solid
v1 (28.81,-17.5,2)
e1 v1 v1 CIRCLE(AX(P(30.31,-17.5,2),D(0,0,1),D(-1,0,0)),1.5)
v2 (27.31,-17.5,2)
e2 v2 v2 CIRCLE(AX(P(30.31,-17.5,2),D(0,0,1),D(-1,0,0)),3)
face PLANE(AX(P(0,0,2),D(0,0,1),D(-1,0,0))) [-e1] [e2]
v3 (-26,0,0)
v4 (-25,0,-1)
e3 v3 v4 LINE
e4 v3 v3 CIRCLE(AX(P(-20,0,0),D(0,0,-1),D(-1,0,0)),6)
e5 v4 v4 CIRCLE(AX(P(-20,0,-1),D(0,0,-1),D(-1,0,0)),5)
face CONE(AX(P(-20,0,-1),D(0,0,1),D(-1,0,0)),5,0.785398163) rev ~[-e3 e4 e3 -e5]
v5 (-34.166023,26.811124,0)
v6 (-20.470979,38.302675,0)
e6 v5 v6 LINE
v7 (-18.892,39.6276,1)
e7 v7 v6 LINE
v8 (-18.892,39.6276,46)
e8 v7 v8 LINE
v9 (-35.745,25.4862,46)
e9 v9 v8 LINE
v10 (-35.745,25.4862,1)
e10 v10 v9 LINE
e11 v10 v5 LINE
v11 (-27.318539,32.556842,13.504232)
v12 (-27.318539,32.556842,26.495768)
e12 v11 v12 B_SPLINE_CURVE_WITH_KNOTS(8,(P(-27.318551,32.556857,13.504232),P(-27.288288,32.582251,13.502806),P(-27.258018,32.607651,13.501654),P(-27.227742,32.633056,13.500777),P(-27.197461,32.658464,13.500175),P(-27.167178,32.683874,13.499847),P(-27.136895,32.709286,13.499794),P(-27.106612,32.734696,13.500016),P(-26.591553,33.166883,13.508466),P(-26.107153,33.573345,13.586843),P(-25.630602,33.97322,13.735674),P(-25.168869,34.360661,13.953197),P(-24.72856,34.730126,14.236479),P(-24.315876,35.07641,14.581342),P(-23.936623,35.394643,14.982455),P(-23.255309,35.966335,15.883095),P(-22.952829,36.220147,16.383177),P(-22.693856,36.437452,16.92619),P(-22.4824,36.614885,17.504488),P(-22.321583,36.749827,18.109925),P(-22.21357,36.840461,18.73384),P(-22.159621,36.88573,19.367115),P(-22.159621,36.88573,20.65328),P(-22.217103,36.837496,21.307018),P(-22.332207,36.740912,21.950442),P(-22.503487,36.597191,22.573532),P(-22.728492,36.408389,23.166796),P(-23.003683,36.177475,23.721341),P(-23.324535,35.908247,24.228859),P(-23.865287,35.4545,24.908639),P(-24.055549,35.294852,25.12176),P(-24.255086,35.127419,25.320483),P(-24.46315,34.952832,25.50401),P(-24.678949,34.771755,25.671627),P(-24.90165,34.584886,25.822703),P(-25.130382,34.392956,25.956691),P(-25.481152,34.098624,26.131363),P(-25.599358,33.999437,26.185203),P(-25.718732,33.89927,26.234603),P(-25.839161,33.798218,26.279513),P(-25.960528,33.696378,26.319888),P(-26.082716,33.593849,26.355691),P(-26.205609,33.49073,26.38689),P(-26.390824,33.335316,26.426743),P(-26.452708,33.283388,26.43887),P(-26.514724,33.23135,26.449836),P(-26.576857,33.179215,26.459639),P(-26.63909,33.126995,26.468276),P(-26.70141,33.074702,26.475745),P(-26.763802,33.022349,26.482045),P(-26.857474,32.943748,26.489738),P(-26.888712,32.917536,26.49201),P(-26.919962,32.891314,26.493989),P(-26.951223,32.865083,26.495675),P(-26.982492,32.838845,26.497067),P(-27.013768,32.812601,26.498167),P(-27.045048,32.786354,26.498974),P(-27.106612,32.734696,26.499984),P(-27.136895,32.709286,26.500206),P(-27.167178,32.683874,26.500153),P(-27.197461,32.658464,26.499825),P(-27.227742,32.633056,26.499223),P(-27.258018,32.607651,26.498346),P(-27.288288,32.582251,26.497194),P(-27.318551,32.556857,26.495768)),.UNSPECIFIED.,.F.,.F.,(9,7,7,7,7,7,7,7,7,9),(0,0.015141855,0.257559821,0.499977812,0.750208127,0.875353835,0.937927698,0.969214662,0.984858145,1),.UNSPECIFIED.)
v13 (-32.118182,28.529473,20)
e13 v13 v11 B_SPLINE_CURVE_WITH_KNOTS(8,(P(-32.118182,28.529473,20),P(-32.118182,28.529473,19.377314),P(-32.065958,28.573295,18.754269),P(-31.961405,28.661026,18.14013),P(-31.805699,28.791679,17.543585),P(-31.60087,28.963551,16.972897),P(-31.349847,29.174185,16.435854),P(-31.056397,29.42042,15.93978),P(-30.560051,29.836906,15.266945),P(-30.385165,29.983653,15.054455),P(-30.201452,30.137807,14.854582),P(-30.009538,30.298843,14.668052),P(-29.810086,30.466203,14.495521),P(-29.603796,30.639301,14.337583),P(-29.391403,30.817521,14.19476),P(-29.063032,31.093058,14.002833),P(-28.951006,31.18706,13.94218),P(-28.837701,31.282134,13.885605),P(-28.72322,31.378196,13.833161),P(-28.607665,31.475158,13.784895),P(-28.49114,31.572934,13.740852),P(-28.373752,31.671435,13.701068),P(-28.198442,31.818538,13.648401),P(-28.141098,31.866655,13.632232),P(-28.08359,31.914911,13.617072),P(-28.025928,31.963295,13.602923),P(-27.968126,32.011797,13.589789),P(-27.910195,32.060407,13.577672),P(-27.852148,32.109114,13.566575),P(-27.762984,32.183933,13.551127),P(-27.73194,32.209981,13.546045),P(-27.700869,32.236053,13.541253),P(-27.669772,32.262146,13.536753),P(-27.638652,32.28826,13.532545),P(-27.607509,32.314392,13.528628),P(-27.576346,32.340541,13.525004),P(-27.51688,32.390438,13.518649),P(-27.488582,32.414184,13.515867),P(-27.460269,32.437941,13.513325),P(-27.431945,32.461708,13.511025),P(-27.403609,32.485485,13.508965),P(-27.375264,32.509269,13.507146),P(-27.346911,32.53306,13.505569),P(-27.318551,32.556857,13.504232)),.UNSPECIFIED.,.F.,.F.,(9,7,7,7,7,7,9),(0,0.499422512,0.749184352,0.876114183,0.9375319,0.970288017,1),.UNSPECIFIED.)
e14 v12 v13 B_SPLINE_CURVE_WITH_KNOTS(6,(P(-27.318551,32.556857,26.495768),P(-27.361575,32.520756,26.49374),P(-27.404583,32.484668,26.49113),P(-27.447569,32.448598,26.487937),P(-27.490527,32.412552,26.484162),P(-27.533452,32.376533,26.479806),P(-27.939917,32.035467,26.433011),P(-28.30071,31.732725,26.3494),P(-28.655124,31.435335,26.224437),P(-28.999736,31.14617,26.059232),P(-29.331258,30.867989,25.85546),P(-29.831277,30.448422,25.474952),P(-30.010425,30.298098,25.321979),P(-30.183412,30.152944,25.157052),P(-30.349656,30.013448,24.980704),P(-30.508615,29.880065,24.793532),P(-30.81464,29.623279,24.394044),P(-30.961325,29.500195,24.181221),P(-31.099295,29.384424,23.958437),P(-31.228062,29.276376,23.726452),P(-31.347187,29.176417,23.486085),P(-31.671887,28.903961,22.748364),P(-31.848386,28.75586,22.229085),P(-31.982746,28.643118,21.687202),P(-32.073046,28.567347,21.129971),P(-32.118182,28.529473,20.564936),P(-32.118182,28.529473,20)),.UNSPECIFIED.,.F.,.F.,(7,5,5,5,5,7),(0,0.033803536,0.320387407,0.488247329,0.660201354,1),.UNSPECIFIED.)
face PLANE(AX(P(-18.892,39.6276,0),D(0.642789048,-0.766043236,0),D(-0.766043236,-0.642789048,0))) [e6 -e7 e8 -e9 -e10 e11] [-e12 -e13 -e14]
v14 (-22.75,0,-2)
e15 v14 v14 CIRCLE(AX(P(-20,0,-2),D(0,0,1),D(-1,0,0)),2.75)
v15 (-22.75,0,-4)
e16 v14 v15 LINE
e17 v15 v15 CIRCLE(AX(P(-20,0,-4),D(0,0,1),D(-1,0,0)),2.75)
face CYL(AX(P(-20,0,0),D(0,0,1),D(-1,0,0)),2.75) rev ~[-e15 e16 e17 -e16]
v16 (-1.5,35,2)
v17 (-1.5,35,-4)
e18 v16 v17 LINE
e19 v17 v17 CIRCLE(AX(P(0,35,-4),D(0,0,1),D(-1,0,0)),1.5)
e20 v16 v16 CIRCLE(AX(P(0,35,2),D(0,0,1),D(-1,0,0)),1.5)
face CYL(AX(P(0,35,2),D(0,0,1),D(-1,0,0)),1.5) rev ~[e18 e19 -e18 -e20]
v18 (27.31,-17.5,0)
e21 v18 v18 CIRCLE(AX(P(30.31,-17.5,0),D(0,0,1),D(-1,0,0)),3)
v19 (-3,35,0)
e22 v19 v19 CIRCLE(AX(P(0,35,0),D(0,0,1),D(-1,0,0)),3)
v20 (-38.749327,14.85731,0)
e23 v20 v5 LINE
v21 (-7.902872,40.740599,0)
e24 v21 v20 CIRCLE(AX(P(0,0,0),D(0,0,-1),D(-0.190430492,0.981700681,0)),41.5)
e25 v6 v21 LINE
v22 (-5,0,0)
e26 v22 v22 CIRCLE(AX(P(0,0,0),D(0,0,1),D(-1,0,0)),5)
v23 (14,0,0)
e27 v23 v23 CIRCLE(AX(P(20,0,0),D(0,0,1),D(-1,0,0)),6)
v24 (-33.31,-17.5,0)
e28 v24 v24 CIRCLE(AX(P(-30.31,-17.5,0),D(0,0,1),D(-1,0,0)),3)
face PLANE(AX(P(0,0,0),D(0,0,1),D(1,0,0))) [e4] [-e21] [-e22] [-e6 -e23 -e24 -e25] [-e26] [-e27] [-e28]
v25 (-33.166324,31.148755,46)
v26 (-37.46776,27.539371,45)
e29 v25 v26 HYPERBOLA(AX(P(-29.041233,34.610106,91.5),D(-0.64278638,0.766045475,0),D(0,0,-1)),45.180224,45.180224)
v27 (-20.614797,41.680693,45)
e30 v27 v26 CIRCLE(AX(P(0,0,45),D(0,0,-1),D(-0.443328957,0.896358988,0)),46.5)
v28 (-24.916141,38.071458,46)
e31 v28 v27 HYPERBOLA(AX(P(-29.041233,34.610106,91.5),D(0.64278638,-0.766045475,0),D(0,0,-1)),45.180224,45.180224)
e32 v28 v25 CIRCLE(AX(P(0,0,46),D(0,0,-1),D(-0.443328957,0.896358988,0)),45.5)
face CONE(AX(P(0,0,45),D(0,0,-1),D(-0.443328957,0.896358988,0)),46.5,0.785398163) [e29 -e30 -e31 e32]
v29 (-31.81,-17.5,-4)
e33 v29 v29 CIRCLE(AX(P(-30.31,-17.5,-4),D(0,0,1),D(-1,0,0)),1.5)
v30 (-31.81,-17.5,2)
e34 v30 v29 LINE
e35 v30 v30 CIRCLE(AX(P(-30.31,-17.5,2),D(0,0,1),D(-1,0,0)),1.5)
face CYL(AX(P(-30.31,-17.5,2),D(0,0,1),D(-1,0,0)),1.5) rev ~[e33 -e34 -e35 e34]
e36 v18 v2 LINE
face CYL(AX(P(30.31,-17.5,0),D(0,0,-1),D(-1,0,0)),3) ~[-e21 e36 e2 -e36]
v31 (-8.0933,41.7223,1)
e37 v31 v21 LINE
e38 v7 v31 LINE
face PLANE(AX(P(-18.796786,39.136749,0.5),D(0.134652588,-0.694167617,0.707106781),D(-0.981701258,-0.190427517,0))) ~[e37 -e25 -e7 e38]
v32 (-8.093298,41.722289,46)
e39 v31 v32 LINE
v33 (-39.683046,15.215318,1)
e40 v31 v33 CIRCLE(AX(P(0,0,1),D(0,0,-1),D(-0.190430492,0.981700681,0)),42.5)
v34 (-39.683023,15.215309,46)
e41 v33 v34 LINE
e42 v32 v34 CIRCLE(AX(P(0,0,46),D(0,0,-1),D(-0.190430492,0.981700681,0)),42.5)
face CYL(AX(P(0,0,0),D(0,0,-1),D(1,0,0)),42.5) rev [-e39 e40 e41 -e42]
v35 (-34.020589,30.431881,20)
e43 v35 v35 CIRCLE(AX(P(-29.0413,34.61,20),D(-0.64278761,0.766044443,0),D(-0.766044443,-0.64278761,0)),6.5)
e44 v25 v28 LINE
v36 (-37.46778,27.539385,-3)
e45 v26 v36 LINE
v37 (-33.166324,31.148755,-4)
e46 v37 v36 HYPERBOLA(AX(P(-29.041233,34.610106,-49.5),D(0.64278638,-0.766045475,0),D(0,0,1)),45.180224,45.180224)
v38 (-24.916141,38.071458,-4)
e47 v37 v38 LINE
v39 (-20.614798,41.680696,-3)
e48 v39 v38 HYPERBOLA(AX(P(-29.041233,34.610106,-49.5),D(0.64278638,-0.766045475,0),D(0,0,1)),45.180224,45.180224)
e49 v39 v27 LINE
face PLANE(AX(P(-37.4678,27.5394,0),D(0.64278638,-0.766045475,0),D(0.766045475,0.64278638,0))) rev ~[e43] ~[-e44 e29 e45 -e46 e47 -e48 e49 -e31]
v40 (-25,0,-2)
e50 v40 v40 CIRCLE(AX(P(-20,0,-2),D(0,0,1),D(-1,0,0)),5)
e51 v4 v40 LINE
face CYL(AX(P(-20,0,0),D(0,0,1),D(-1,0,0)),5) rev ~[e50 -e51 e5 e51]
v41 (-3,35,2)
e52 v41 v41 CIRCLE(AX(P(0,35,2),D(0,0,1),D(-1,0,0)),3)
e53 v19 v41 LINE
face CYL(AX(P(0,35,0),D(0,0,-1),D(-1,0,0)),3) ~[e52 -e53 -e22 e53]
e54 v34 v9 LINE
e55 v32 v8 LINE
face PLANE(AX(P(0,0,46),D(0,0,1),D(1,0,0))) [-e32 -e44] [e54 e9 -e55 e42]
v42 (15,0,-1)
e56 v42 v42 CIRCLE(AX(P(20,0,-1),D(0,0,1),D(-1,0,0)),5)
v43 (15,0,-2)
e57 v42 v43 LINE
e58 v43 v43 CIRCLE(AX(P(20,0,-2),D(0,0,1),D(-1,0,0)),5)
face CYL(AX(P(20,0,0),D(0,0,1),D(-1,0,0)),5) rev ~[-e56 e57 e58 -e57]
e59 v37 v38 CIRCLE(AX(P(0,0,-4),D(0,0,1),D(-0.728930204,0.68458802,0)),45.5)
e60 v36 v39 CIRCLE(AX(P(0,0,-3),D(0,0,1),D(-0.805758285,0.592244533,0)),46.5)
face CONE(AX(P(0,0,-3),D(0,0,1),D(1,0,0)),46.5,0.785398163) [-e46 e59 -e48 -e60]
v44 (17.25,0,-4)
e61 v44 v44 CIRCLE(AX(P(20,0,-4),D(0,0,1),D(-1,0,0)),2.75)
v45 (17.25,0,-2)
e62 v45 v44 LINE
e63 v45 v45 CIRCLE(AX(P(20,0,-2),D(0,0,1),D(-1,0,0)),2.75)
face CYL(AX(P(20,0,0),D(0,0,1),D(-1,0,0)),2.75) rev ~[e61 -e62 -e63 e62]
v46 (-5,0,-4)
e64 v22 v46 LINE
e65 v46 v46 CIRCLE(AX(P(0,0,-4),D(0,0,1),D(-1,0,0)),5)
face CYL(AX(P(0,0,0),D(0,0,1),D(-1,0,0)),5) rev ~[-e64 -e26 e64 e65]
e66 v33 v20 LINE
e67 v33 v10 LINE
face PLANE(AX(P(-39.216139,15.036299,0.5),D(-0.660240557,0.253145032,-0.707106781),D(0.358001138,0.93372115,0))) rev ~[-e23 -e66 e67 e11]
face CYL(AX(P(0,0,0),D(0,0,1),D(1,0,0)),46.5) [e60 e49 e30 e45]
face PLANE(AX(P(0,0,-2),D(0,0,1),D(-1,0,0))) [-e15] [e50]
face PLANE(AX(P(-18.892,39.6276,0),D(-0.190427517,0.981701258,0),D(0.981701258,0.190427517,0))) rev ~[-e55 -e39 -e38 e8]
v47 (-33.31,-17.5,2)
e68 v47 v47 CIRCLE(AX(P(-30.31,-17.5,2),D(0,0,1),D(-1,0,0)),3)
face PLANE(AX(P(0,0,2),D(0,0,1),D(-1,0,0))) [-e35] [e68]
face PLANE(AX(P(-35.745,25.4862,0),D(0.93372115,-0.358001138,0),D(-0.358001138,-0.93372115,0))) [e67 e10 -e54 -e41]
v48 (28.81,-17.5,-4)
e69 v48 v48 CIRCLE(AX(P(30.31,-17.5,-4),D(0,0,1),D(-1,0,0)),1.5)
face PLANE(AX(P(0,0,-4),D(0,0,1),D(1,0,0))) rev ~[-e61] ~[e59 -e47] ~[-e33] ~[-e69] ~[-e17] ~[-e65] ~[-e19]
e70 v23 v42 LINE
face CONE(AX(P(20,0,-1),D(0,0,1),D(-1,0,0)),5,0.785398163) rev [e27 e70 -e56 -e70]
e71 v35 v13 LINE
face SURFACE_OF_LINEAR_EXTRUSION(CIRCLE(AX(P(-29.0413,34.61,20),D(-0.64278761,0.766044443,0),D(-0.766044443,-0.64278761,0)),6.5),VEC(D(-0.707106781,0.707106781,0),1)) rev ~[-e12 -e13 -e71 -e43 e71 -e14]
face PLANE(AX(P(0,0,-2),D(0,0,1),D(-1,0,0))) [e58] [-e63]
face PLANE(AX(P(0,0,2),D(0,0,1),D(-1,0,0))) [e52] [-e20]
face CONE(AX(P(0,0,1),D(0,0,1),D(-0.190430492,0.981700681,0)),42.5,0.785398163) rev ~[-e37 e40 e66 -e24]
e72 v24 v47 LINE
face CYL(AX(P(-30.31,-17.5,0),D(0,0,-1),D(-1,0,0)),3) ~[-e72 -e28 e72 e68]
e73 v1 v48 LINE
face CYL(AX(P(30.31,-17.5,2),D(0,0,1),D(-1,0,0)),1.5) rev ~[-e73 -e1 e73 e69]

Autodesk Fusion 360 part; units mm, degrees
sketch "Sketch1" plane through (0, 0, 0) normal (0, 0, 1) x (1, 0, 0)
  circle A0 centre (0, 0) radius 42.5
  circle A1 centre (0, 0) radius 46.5
  dimension "d1" = 85
  dimension "d2" = 93
extrude "Extrude1" add sketch "Sketch1" along normal blind 46 makes body 1
extrude "Extrude2" add sketch "Sketch1" against normal blind 4 contours A0 | A1 bodies 1
ref_plane "WorkPlane1" through (0, 0, 46) normal (0, 0, 1) x (1, 0, 0)
sketch "Sketch3" plane through (0, 0, 46) normal (0, 0, 1) x (1, 0, 0)
  circle A0 centre (0, 0) radius 46.5
  circle A1 centre (0, 0) radius 42.5
  circle A2 centre (0, 0) radius 49
  circle A3 centre (0, 0) radius 40.5
  circle A4 centre (0, 0) radius 46.9
  dimension "d9" = 98
  dimension "d10" = 81
  dimension "d50" = 0.4
extrude "Extrude3" add sketch "Sketch3" along normal blind 4 separate body contours A0 | A1 | A2 | A4 makes body 2
extrude "Extrude4" add sketch "Sketch3" against normal blind 12 contours A2 bodies 2
chamfer "Chamfer1" distance 3 angle 45 1 edges at (-37.7593, 14.6454, 50) on bodies 2
chamfer "Chamfer2" distance 2 angle 65 1 edges at (-45.684, -17.7192, 50) measured on face at (46.8223, -4.5955, 50) on bodies 2
chamfer "Chamfer3" distance 1 angle 45 1 edges at (-45.684, 17.7192, 34) measured on face at (48.1176, -2.4344, 34) on bodies 2
chamfer "Chamfer4" distance 1 angle 45 1 edges at (-43.3532, 16.8151, -4) measured on face at (10.204, -8.5364, -4) on bodies 1
ref_plane "WorkPlane2" through (0, 0, 0) normal (0, 0, -1) x (-1, 0, 0)
sketch "Sketch4" plane through (0, 0, 0) normal (0, 0, -1) x (1, 0, 0)
  circle A0 centre (0, 0) radius 46.5 construction
  line L0 (-37.4678, -27.5394) -> (-20.6148, -41.6807)
  line L1 (-20.6148, -41.6807) -> (-26.0712, -48.1834)
  line L2 (-26.0712, -48.1834) -> (-42.9242, -34.0421)
  line L3 (-42.9242, -34.0421) -> (-37.4678, -27.5394)
  line L4 (0, 0) -> (-58.0825, -69.2201) construction
  line L5 (-18.892, -39.6276) -> (-35.745, -25.4862)
  circle A1 centre (0, 0) radius 42.5
  line L6 (-18.892, -39.6276) -> (-8.0933, -41.7223)
  line L7 (-35.745, -25.4862) -> (-39.683, -15.2153)
  line L8 (-39.683, -15.2153) -> (-8.0933, -41.7223)
  line L9 (0, 0) -> (-65, 0) construction
  dimension "d26" = 22
  dimension "d58" = 50
extrude "Extrude5" cut sketch "Sketch4" along normal through all and the other way through all contours L0 L1 L2 L3 bodies 1
sketch "Sketch5" plane through (-29.0413, 34.61, 0) normal (-0.642788, 0.766044, 0) x (-0.766044, -0.642788, 0)
  line L0 (-11, 46) -> (-11, -3)
  circle A0 centre (0, 20) radius 6.5
  line L1 (11, 46) -> (-11, 46)
  spline S0 degree 2 poles (-5.3852, -4) (-8.1621, -3.6713) (-11, -3) knots 0 0 0 0.570553 0.570553 0.570553 weights 1 1.001868 1
  line L2 (-5.3852, -4) -> (5.3852, -4)
  spline S1 degree 2 poles (11, -3) (8.1621, -3.6713) (5.3852, -4) knots 0 0 0 0.570553 0.570553 0.570553 weights 1 1.001868 1
  line L3 (11, -3) -> (11, 46)
  line L4 (-11, 0) -> (11, 0)
  dimension "d30" = 13
  dimension "d61" = 20
  dimension "d62" = 11
extrude "Extrude6" cut sketch "Sketch5" against normal blind 15 contours A0 bodies 1
sketch "Sketch6" plane through (0, 0, 0) normal (0, 0, 1) x (-1, 0, 0)
  circle A0 centre (0, -35) radius 3
  circle A1 centre (30.31, 17.5) radius 3
  circle A2 centre (-30.31, 17.5) radius 3
  circle A3 centre (0, 0) radius 5
  circle A4 centre (0, 0) radius 42.5
  circle A5 centre (20, 0) radius 2.75
  line L0 (0, 0) -> (65, 0)
  circle A6 centre (-20, 0) radius 2.75
  circle A7 centre (20, 0) radius 5
  circle A8 centre (-20, 0) radius 5
  dimension "d33" = 6
  dimension "d34" = 6
  dimension "d35" = 6
  dimension "d36" = 35
  dimension "d37" = 17.5
  dimension "d38" = 17.5
  dimension "d39" = 30.31
  dimension "d40" = 30.31
  dimension "d42" = 10
  dimension "d63" = 5.5
  dimension "d64" = 5.5
  dimension "d65" = 10
  dimension "d66" = 10
  dimension "d67" = 20
  dimension "d68" = 20
extrude "Extrude7" cut sketch "Sketch6" against normal through all contours A3 | A5 L0 | A5 L0 | A6 bodies 1
extrude "Extrude8" add sketch "Sketch6" along normal blind 2 contours A0 | A1 | A2 bodies 1
sketch "Sketch7" plane through (0, 0, 2) normal (0, 0, 1) x (-1, 0, 0)
  circle A0 centre (0, -35) radius 3
  circle A1 centre (0, -35) radius 1.5
  circle A2 centre (30.31, 17.5) radius 1.5
  circle A3 centre (-30.31, 17.5) radius 1.5
  point P0 (30.31, 17.5)
  point P1 (-30.31, 17.5)
  dimension "d45" = 3
  dimension "d46" = 3
  dimension "d47" = 3
extrude "Extrude9" cut sketch "Sketch7" against normal through all contours A1 | A2 | A3 bodies 1
chamfer "Chamfer5" distance 1 angle 45 1 edges at (-43.3532, -16.8151, 46) measured on face at (-19.1306, 39.3496, 46) on bodies 1
extrude "Extrude11" cut sketch "Sketch4" against normal through all contours L5 A1 L6 | L5 A1 L7 bodies 1
chamfer "Chamfer7" distance 1 angle 45 3 edges at (-13.4926, 40.6749, 0) (27.3185, -32.5569, 0) (-37.714, 20.3508, 0) on bodies 1
extrude "Extrude12" cut sketch "Sketch6" against normal blind 2 contours A5 L0 A7 | A5 L0 A7 | A8 bodies 1
chamfer "Chamfer8" distance 1 angle 45 2 edges at (-15.3384, -1.8081, 0) (24.6616, -1.8081, 0) on bodies 1
hidden bodies 2
